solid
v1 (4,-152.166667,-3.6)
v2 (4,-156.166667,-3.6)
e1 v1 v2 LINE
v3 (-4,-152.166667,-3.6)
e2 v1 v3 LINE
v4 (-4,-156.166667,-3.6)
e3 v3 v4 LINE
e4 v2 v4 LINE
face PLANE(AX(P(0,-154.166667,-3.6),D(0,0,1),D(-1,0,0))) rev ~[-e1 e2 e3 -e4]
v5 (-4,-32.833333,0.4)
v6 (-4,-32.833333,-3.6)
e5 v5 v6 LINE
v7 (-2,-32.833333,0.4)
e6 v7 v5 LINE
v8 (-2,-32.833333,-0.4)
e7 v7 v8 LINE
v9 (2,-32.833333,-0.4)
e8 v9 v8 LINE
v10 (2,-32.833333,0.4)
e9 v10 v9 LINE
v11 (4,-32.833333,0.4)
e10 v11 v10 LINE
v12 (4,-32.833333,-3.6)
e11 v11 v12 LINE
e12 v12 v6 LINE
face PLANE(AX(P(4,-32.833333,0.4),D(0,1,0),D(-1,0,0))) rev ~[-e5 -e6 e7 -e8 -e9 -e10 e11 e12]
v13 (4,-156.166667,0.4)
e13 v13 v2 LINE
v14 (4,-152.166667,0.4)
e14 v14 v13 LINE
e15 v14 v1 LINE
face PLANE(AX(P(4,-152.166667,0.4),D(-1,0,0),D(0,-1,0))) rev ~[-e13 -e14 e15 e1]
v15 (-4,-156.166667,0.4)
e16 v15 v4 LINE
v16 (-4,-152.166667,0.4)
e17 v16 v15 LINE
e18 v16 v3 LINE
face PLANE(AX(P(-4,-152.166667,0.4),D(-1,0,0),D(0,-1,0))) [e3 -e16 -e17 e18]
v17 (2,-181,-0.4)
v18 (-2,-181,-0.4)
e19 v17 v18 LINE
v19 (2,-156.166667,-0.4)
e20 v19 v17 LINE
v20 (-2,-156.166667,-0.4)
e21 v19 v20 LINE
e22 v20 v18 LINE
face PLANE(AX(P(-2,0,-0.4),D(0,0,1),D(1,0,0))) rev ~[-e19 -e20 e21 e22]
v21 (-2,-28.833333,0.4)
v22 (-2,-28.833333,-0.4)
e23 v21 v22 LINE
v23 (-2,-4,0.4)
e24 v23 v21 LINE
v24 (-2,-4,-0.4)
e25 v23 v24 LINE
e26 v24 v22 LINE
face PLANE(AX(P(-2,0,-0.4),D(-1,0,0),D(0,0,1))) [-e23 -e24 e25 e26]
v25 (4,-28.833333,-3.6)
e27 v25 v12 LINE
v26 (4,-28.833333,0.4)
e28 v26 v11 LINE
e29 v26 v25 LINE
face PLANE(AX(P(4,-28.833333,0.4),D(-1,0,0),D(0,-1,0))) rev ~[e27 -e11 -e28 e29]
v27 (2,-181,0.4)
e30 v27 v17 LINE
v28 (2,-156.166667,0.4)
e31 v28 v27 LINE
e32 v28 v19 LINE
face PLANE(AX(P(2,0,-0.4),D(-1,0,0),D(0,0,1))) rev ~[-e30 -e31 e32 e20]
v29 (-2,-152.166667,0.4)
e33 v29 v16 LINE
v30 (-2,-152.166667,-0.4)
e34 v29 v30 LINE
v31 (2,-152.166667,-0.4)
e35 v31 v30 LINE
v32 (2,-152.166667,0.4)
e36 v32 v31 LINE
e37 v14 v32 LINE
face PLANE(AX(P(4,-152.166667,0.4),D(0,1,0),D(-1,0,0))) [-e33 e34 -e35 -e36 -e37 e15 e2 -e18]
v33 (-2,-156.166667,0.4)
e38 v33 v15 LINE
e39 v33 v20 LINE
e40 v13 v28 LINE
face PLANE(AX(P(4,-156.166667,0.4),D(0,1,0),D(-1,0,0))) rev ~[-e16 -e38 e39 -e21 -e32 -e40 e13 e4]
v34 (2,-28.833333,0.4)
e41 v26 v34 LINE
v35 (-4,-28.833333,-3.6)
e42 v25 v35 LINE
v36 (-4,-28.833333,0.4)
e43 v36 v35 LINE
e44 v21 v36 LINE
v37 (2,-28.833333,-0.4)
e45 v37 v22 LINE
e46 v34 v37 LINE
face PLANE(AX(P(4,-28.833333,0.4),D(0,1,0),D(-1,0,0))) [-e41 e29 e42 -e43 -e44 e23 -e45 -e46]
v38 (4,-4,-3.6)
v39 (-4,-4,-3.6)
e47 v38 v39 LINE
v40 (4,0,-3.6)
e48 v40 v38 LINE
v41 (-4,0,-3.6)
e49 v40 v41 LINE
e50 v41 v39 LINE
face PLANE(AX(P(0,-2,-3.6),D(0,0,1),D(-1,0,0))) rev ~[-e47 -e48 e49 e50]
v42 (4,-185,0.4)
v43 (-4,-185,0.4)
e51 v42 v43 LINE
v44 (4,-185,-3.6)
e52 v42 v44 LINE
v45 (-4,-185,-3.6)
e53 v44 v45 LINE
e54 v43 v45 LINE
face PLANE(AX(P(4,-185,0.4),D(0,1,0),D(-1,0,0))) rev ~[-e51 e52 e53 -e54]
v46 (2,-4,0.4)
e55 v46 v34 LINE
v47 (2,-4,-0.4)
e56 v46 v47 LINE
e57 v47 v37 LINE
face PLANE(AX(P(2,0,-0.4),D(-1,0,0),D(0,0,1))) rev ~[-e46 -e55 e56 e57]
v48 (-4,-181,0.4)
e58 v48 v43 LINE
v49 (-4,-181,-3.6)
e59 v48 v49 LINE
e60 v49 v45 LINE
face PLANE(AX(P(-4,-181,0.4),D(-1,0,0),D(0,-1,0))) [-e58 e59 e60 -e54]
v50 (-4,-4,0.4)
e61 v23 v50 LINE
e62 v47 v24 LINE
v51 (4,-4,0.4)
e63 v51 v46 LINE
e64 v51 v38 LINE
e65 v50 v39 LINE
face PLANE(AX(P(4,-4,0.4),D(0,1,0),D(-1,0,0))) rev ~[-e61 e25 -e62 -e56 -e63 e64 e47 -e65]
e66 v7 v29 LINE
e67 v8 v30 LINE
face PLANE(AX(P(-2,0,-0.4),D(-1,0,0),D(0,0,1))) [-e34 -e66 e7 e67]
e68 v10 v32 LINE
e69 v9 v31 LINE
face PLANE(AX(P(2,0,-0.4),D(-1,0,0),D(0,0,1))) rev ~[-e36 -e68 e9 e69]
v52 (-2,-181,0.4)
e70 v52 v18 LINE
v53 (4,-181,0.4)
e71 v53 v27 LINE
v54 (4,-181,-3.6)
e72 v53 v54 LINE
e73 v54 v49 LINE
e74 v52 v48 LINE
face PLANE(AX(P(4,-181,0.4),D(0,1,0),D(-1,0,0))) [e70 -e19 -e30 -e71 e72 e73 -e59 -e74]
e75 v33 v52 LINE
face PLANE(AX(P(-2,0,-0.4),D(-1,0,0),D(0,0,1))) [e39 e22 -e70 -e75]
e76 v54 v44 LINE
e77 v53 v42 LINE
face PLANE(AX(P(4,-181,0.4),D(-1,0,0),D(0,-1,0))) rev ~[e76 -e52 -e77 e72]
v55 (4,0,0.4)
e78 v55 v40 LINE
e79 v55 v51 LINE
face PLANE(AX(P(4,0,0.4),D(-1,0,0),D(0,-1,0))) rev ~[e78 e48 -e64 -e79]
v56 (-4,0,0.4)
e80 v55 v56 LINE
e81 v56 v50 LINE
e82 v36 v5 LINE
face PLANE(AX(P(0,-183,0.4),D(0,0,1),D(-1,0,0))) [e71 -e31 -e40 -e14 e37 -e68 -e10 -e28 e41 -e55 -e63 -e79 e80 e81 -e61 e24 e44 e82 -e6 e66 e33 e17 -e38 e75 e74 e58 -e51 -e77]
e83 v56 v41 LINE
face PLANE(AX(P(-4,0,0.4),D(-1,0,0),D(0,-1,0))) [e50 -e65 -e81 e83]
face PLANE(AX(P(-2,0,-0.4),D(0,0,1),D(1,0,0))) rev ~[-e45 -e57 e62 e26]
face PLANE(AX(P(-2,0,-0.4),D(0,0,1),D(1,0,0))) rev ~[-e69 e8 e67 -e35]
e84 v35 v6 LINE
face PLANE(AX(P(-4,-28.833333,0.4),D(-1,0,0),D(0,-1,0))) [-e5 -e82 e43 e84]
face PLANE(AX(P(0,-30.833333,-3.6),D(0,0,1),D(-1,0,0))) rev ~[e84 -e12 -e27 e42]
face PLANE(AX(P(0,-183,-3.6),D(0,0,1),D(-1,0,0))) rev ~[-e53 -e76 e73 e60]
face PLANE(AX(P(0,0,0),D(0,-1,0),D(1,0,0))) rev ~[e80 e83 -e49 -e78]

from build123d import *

# Parameters (mm, degrees)
SKETCH_W     = 4
SKETCH_H     = 0.8
PAD_DEPTH    = 185
SKETCH002_W  = 8
SKETCH002_H  = 4
PAD001_DEPTH = 4


with BuildPart() as part:
    # Sketch → Pad (new body)
    with BuildSketch(Plane.XZ):
        Rectangle(SKETCH_W, SKETCH_H)
    extrude(amount=PAD_DEPTH)

    # Sketch002 (on Face4 of Pad) → Pad001 (join)
    with BuildSketch(Plane(origin=(0, 0, 0.4), x_dir=(-1, 0, 0), z_dir=(0, 0, 1))):
        with Locations((0, 183)):
            Rectangle(SKETCH002_W, SKETCH002_H)
        with Locations((0, 154.166667)):
            Rectangle(SKETCH002_W, SKETCH002_H)
        with Locations((0, 30.833333)):
            Rectangle(SKETCH002_W, SKETCH002_H)
        with Locations((0, 2)):
            Rectangle(SKETCH002_W, SKETCH002_H)
    extrude(amount=-PAD001_DEPTH)


solid = part.part
